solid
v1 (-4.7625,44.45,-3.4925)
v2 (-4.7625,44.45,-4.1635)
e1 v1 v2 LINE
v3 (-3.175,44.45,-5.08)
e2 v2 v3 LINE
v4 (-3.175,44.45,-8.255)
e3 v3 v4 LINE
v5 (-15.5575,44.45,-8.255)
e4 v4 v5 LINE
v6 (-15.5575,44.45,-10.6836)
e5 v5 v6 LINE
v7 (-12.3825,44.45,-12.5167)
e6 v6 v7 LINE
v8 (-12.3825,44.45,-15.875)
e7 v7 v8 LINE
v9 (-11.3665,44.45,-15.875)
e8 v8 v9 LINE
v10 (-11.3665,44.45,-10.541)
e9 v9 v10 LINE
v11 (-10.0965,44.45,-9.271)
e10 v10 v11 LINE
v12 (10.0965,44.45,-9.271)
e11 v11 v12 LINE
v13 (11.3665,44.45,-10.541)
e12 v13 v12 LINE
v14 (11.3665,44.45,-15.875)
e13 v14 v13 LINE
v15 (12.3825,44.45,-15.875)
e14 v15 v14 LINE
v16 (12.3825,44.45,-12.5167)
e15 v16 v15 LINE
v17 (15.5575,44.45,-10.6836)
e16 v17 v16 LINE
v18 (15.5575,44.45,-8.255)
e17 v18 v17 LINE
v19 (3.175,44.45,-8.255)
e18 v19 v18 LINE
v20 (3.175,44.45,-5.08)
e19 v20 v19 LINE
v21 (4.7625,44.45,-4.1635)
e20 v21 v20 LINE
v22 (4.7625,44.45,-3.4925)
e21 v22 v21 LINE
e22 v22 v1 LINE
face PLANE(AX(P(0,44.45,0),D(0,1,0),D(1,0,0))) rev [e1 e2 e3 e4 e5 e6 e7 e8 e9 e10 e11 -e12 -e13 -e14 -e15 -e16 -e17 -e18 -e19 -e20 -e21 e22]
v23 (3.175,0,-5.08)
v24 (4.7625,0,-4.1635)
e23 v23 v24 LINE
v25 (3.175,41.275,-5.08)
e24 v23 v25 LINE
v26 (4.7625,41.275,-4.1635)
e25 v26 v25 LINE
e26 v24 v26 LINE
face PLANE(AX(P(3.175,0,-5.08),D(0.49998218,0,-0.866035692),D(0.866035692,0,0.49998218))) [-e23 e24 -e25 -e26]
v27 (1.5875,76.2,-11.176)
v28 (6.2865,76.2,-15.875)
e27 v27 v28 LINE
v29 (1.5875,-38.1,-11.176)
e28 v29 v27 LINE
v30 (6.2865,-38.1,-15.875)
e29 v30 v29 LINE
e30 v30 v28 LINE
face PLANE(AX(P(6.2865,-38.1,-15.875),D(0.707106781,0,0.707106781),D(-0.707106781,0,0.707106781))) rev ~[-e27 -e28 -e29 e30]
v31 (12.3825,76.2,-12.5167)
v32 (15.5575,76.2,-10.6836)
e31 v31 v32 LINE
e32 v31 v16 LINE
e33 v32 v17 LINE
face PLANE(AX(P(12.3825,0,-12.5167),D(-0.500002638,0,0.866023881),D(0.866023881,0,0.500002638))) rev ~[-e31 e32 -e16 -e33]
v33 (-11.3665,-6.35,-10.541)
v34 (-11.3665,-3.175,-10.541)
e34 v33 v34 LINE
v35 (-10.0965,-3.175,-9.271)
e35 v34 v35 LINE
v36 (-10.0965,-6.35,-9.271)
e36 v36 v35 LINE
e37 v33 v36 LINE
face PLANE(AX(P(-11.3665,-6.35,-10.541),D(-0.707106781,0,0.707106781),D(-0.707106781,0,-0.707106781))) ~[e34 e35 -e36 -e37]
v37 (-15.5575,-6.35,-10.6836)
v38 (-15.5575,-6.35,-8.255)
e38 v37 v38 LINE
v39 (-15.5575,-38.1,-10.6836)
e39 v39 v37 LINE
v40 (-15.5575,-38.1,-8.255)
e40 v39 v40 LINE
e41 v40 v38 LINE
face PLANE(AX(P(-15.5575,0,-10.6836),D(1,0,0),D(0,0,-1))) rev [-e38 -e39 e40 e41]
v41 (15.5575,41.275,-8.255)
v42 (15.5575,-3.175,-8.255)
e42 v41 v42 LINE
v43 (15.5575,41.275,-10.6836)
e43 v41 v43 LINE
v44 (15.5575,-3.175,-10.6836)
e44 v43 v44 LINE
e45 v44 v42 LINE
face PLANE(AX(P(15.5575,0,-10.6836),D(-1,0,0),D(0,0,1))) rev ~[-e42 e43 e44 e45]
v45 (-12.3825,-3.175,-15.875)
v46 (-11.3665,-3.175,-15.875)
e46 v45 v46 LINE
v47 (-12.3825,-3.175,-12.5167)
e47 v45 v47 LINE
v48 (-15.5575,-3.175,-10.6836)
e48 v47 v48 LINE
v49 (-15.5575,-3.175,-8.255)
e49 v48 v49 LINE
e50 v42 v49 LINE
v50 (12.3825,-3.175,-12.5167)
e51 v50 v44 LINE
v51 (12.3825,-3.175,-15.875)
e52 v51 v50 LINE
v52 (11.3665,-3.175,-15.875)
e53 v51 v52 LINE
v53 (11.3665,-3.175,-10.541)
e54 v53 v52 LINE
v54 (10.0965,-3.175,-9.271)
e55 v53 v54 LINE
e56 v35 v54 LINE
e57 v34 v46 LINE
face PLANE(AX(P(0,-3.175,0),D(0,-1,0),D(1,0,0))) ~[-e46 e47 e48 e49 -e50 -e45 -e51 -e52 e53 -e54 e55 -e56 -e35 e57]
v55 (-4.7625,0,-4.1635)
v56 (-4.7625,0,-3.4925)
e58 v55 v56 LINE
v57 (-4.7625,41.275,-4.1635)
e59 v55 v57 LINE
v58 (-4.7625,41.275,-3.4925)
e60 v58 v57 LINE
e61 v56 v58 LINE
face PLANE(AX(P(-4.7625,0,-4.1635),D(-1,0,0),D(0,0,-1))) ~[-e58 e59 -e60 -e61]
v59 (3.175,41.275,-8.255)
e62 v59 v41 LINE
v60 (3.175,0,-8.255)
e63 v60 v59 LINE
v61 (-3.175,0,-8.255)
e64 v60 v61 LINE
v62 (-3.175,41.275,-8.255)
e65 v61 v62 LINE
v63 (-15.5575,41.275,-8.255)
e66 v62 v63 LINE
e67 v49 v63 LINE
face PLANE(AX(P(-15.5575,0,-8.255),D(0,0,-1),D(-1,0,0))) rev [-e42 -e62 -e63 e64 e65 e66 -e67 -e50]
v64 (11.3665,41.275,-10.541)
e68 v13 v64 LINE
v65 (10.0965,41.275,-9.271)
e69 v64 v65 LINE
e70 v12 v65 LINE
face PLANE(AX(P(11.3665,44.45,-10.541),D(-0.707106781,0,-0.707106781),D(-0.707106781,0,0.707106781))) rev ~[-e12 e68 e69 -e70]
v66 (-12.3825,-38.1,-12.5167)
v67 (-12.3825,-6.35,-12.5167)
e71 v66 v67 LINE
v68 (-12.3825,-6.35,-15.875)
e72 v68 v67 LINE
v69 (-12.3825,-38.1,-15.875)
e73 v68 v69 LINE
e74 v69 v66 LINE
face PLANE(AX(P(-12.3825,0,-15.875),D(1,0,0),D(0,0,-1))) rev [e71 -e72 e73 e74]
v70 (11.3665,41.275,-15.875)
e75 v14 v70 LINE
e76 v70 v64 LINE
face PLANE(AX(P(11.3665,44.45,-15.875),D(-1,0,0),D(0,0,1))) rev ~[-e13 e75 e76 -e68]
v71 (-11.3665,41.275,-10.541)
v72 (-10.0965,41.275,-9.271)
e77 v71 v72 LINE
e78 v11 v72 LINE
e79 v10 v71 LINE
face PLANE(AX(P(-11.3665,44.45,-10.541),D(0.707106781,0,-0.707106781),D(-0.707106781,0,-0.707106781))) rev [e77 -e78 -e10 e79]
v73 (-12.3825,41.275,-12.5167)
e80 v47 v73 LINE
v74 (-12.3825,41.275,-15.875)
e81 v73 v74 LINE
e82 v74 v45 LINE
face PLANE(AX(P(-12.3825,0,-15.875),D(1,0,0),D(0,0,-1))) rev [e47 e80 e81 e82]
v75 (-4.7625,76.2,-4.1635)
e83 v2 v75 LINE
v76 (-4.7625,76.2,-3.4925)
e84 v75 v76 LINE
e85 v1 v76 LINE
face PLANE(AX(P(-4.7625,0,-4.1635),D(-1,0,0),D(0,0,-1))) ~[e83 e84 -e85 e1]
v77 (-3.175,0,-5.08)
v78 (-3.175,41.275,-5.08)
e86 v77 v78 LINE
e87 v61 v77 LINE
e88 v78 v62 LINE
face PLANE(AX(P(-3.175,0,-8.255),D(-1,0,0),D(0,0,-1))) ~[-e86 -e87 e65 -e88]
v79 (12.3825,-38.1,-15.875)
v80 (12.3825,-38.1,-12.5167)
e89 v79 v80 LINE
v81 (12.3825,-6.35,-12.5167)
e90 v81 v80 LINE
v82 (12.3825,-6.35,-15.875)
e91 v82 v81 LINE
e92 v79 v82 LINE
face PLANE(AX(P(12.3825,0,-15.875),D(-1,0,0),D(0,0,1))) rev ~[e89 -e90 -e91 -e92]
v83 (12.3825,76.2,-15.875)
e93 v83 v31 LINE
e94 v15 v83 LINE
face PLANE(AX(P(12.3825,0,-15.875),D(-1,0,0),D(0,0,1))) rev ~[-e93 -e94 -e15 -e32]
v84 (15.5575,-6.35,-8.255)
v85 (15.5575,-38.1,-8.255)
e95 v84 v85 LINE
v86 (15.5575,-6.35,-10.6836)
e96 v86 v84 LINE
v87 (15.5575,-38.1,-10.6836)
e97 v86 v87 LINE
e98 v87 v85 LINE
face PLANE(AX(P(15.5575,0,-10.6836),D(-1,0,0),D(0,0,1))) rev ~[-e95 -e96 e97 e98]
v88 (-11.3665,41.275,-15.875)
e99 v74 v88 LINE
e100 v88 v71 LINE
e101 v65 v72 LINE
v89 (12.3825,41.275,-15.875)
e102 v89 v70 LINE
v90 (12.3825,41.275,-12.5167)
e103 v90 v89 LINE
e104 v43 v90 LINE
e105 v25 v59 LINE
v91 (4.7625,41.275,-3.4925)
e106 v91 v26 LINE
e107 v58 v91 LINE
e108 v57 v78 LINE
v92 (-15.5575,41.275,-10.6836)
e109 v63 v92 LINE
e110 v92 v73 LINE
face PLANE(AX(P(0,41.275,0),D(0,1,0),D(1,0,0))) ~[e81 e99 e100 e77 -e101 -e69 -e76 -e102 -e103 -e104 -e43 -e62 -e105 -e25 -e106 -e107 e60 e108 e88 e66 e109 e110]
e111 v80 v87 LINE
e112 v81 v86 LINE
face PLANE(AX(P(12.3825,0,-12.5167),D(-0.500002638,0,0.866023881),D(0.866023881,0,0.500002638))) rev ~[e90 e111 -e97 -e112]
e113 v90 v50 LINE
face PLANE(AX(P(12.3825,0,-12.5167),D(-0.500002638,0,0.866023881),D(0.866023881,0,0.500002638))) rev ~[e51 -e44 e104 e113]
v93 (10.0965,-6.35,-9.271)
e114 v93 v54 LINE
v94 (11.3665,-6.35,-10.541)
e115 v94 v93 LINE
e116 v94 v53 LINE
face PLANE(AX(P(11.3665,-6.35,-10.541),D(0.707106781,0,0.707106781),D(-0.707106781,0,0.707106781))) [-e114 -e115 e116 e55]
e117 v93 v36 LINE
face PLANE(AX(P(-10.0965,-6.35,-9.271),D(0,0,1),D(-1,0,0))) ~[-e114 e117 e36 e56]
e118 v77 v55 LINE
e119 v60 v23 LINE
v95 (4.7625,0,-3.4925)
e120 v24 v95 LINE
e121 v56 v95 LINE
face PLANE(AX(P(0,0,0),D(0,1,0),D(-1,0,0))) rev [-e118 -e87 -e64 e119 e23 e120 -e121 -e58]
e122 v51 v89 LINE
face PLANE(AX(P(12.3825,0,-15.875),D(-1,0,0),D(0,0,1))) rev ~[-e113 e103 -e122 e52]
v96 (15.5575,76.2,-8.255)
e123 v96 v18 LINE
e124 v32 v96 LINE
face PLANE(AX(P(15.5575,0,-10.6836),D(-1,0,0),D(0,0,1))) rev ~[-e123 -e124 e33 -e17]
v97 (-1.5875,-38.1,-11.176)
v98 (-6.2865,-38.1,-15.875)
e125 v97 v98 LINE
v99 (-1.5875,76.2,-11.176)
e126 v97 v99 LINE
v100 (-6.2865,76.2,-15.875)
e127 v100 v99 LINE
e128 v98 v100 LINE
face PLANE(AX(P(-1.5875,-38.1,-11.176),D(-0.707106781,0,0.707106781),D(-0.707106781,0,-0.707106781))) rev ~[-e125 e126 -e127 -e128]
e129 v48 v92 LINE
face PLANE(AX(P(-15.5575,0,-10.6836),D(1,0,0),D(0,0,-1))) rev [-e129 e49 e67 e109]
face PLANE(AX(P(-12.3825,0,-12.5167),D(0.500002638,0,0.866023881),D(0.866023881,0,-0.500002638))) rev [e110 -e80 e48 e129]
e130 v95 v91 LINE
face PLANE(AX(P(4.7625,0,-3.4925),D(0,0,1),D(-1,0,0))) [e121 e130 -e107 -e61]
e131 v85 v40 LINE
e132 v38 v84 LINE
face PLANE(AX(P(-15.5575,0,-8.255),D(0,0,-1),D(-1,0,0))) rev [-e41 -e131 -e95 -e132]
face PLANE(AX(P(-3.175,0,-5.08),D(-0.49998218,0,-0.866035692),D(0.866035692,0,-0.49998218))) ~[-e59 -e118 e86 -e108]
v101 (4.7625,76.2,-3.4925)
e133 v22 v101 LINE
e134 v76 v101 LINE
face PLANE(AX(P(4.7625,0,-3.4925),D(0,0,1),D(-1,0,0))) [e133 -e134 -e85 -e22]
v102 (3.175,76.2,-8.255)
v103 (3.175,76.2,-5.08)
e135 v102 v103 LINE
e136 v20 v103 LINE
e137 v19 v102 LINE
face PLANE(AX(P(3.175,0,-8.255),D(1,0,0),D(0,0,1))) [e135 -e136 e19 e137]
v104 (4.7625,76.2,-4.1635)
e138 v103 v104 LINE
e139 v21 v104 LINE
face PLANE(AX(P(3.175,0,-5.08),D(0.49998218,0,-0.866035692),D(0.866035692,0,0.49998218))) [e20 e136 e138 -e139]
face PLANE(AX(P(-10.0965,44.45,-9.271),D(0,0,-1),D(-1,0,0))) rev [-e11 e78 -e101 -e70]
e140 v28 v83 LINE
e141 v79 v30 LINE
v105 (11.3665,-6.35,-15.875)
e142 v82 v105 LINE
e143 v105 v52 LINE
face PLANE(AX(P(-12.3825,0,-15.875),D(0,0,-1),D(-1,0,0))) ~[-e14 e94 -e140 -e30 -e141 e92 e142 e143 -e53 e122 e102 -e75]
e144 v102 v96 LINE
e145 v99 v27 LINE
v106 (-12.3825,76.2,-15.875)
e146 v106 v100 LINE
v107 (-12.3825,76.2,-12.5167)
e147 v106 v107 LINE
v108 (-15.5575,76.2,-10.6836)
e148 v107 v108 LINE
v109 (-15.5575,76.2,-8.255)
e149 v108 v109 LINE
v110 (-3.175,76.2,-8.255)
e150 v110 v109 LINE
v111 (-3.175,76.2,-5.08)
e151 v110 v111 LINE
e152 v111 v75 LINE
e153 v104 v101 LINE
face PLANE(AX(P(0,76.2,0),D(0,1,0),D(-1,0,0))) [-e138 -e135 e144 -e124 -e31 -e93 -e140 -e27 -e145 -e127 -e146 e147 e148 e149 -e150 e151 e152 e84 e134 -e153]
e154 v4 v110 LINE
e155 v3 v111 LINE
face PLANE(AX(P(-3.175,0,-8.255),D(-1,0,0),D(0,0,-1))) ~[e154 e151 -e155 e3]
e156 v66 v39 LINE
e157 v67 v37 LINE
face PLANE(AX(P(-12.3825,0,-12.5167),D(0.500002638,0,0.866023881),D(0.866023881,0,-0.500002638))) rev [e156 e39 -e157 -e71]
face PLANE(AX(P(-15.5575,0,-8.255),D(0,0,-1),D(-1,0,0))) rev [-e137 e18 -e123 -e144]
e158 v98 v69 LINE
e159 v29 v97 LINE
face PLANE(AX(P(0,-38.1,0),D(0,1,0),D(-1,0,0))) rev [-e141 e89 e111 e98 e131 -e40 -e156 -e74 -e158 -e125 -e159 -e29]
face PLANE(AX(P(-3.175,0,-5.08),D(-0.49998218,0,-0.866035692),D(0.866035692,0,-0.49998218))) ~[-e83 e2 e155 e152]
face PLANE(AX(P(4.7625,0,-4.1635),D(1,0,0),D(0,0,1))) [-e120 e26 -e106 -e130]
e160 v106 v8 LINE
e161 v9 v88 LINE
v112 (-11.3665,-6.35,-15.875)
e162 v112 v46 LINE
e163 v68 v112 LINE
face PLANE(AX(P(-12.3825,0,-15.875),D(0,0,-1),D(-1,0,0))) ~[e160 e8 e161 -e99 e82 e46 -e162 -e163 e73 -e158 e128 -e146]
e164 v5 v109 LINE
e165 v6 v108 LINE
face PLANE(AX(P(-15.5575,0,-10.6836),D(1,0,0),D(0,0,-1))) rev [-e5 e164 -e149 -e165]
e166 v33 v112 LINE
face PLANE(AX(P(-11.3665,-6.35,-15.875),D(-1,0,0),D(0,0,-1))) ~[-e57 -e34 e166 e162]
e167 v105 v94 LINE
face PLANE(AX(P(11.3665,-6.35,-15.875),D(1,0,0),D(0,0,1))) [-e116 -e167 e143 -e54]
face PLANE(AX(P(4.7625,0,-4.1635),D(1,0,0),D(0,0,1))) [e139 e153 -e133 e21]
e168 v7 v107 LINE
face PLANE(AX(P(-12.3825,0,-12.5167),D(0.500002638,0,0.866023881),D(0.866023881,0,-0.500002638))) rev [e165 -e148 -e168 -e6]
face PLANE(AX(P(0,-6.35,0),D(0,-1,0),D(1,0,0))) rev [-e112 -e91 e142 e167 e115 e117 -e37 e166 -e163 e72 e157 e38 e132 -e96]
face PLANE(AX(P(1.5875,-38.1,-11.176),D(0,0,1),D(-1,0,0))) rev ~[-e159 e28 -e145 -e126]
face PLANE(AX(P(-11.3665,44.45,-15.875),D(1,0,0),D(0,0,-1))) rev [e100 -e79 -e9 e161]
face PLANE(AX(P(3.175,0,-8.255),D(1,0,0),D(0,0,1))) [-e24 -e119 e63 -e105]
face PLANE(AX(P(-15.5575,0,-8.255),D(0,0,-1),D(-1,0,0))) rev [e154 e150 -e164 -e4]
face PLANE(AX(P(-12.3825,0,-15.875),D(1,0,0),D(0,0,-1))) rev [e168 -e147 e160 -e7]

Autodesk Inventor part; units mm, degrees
ref_plane "YZ Plane" through (0, 0, 0) normal (1, 0, 0) x (0, 1, 0)
ref_plane "XZ Plane" through (0, 0, 0) normal (0, 1, 0) x (-1, 0, 0)
ref_plane "XY Plane" through (0, 0, 0) normal (0, 0, 1) x (1, 0, 0)
sketch "Sketch1" plane through (0, 0, 0) normal (0, 1, 0) x (-1, 0, 0)
  line L0 (12.7, -15.875) -> (12.7, -12.7) construction
  line L1 (12.7, -12.7) -> (15.875, -10.8669) construction
  line L2 (15.875, -10.8669) -> (15.875, -7.9375) construction
  line L3 (15.875, -7.9375) -> (6.35, -7.9375) construction
  line L4 (6.35, -7.9375) -> (6.35, -3.175) construction
  line L5 (6.35, -3.175) -> (3.175, -3.175) construction
  line L6 (3.175, -3.175) -> (3.175, -6.35) construction
  line L7 (3.175, -6.35) -> (4.7625, -7.2665) construction
  line L8 (4.7625, -7.2665) -> (4.7625, -7.9375) construction
  line L9 (4.7625, -7.9375) -> (-4.7625, -7.9375) construction
  line L10 (-4.7625, -7.9375) -> (-4.7625, -7.2665) construction
  line L11 (-4.7625, -7.2665) -> (-3.175, -6.35) construction
  line L12 (-3.175, -6.35) -> (-3.175, -3.175) construction
  line L13 (-3.175, -3.175) -> (-6.35, -3.175) construction
  line L14 (-6.35, -3.175) -> (-6.35, -7.9375) construction
  line L15 (-6.35, -7.9375) -> (-15.875, -7.9375) construction
  line L16 (-15.875, -7.9375) -> (-15.875, -10.8669) construction
  line L17 (-15.875, -10.8669) -> (-12.7, -12.7) construction
  line L18 (-12.7, -12.7) -> (-12.7, -15.875) construction
  line L19 (-25.4, -15.875) -> (-12.7, -15.875) construction
  line L20 (-25.4, 0) -> (-25.4, -15.875) construction
  line L21 (25.4, 0) -> (-25.4, 0) construction
  line L22 (25.4, 0) -> (25.4, -15.875) construction
  line L23 (12.7, -15.875) -> (25.4, -15.875) construction
  line L24 (-12.3825, -15.875) -> (-12.3825, -12.5167)
  line L25 (-12.3825, -12.5167) -> (-15.5575, -10.6836)
  line L26 (-15.5575, -10.6836) -> (-15.5575, -8.255)
  line L27 (-15.5575, -8.255) -> (-6.0325, -8.255)
  line L28 (-6.0325, -8.255) -> (-6.0325, -3.4925) construction
  line L29 (-12.3825, -15.875) -> (0, -15.875)
  line L30 (0, -15.875) -> (0, -8.255)
  line L31 (-6.0325, -8.255) -> (0, -8.255)
  line L32 (0, -8.255) -> (0, -3.4925)
  line L33 (-3.175, -8.255) -> (-3.175, -5.08)
  line L34 (-3.175, -5.08) -> (-4.7625, -4.1635)
  line L35 (-4.7625, -4.1635) -> (-4.7625, -3.4925)
  line L36 (-6.0325, -3.4925) -> (-4.7625, -3.4925) construction
  line L37 (-4.7625, -3.4925) -> (0, -3.4925)
  point P0 (0, -7.9375)
  dimension "d1" = 0.3175
  dimension "d2" = 0.3175
  dimension "d3" = 0.3175
  dimension "d4" = 0.3175
  dimension "d5" = 0.3175
  dimension "d12" = 3.175
  dimension "d13" = 0.3175
  dimension "d14" = 30
extrude "Extrusion1" add sketch "Sketch1" along normal blind 76.2
extrude "Extrusion2" add sketch "Sketch1" against normal blind 38.1 contours L24 L25 L26 L27 L31 L30 L29
mirror "Mirror1" about plane through (0, 0, -8.255) normal (-1, 0, 0) of "Extrusion1", "Extrusion2"
sketch "Sketch2" plane through (0, -38.1, 0) normal (0, -1, 0) x (1, 0, 0)
  line L0 (12.3825, -15.875) -> (-12.3825, -15.875) construction
  line L1 (12.3825, -15.875) -> (12.3825, -12.5167) construction
  line L2 (12.3825, -12.5167) -> (15.5575, -10.6836) construction
  line L3 (15.5575, -10.6836) -> (15.5575, -8.255) construction
  line L4 (15.5575, -8.255) -> (-15.5575, -8.255) construction
  line L5 (-15.5575, -10.6836) -> (-15.5575, -8.255) construction
  line L6 (-12.3825, -12.5167) -> (-15.5575, -10.6836) construction
  line L7 (-12.3825, -15.875) -> (-12.3825, -12.5167) construction
  circle A0 centre (0, -16.6845) radius 5.08 construction
  line L8 (12.3825, -15.875) -> (-12.3825, -15.875) construction
  line L9 (6.2865, -15.875) -> (1.5875, -11.176)
  line L10 (1.5875, -11.176) -> (-1.5875, -11.176)
  line L11 (-1.5875, -11.176) -> (-6.2865, -15.875)
  line L12 (0, -11.176) -> (0, -15.875) construction
  line L13 (6.2865, -15.875) -> (-6.2865, -15.875)
  point P0 (0, 0)
  dimension "d15" = 10.16
  dimension "d16" = 4.699
  dimension "d17" = 45
  dimension "d18" = 3.175
extrude "Extrusion3" cut sketch "Sketch2" against normal through all
ref_plane "Work Plane1" through (0, -6.35, 0) normal (0, -1, 0) x (1, 0, 0)
sketch "Sketch3" plane through (0, -6.35, 0) normal (0, -1, 0) x (1, 0, 0)
  line L0 (-6.2865, -15.875) -> (-1.5875, -11.176) construction
  line L1 (-1.5875, -11.176) -> (1.5875, -11.176) projected
  line L2 (1.5875, -11.176) -> (6.2865, -15.875) construction
  line L3 (12.3825, -15.875) -> (6.2865, -15.875) construction
  line L4 (12.3825, -15.875) -> (12.3825, -12.5167) projected
  line L5 (12.3825, -12.5167) -> (15.5575, -10.6836) projected
  line L6 (15.5575, -10.6836) -> (15.5575, -8.255) projected
  line L7 (15.5575, -8.255) -> (-15.5575, -8.255) construction
  line L8 (-15.5575, -10.6836) -> (-15.5575, -8.255) projected
  line L9 (-12.3825, -12.5167) -> (-15.5575, -10.6836) projected
  line L10 (-12.3825, -15.875) -> (-12.3825, -12.5167) projected
  line L11 (-6.2865, -15.875) -> (-12.3825, -15.875) projected
  line L12 (12.3825, -15.875) -> (6.2865, -15.875) construction
  line L13 (11.3665, -15.875) -> (11.3665, -11.9301)
  line L14 (11.3665, -11.9301) -> (14.5415, -10.097) construction
  line L15 (14.5415, -10.097) -> (14.5415, -9.271) construction
  line L16 (14.5415, -9.271) -> (10.0965, -9.271) construction
  line L17 (0, -9.271) -> (0, -11.176) construction
  line L18 (1.5875, -11.176) -> (-1.5875, -11.176) projected
  line L19 (12.3825, -15.875) -> (11.3665, -15.875)
  line L20 (0, -9.271) -> (0, -8.255)
  line L21 (-3.175, -8.255) -> (3.175, -8.255) construction
  line L22 (15.5575, -8.255) -> (0, -8.255)
  line L23 (11.3665, -11.9301) -> (11.3665, -10.541)
  line L24 (11.3665, -10.541) -> (10.0965, -9.271)
  line L25 (10.0965, -9.271) -> (0, -9.271)
  point P0 (0, 0)
  dimension "d22" = 1.016
  dimension "d23" = 1.016
  dimension "d24" = 1.016
  dimension "d25" = 1.016
  dimension "d26" = 45
  dimension "d27" = 1.27
extrude "Extrusion4" cut sketch "Sketch3" against normal blind 3.175
ref_plane "Work Plane2" through (0, 44.45, 0) normal (0, 1, 0) x (1, 0, 0)
sketch "Sketch4" plane through (0, 44.45, 0) normal (0, 1, 0) x (1, 0, 0)
  line L0 (-1.5875, 11.176) -> (-6.2865, 15.875) construction
  line L1 (-6.2865, 15.875) -> (-12.3825, 15.875) construction
  line L2 (-12.3825, 12.5167) -> (-12.3825, 15.875) construction
  line L3 (-15.5575, 10.6836) -> (-12.3825, 12.5167) construction
  line L4 (-15.5575, 8.255) -> (-15.5575, 10.6836) construction
  line L5 (-3.175, 8.255) -> (-15.5575, 8.255) construction
  line L6 (-3.175, 5.08) -> (-3.175, 8.255) construction
  line L7 (-4.7625, 4.1635) -> (-3.175, 5.08) construction
  line L8 (-4.7625, 3.4925) -> (-4.7625, 4.1635) construction
  line L9 (4.7625, 3.4925) -> (-4.7625, 3.4925) construction
  line L10 (4.7625, 3.4925) -> (4.7625, 4.1635) projected
  line L11 (4.7625, 4.1635) -> (3.175, 5.08) projected
  line L12 (3.175, 5.08) -> (3.175, 8.255) projected
  line L13 (3.175, 8.255) -> (15.5575, 8.255) projected
  line L14 (15.5575, 8.255) -> (15.5575, 10.6836) projected
  line L15 (15.5575, 10.6836) -> (12.3825, 12.5167) projected
  line L16 (12.3825, 12.5167) -> (12.3825, 15.875) projected
  line L17 (12.3825, 15.875) -> (6.2865, 15.875) construction
  line L18 (6.2865, 15.875) -> (1.5875, 11.176) construction
  line L19 (1.5875, 11.176) -> (-1.5875, 11.176) construction
  line L20 (12.3825, 15.875) -> (6.2865, 15.875) construction
  line L21 (11.3665, 15.875) -> (11.3665, 10.541)
  line L22 (11.3665, 10.541) -> (10.0965, 9.271)
  line L23 (10.0965, 9.271) -> (0, 9.271)
  line L24 (0, 9.271) -> (0, 3.4925)
  line L25 (4.7625, 3.4925) -> (-4.7625, 3.4925) construction
  line L26 (12.3825, 15.875) -> (11.3665, 15.875)
  line L27 (4.7625, 3.4925) -> (0, 3.4925)
  point P0 (0, 0)
  dimension "d37" = 1.016
  dimension "d38" = 45
  dimension "d39" = 1.016
  dimension "d40" = 1.27
extrude "Extrusion5" cut sketch "Sketch4" against normal blind 3.175
mirror "Mirror2" about plane through (0, 0, 0) normal (1, 0, 0) of "Extrusion4", "Extrusion5"
equation "\"d2\" = d1"
equation "\"d3\" = d1"
equation "\"d4\" = d1"
equation "\"d5\" = d1"
equation "\"d13\" = d1"
equation "\"d23\" = d22"
equation "\"d24\" = d22"
equation "\"d25\" = d22"
equation "\"d37\" = d22"
equation "\"d39\" = d22"
properties part number "Holder_Slide" material "ABS Plastic"
